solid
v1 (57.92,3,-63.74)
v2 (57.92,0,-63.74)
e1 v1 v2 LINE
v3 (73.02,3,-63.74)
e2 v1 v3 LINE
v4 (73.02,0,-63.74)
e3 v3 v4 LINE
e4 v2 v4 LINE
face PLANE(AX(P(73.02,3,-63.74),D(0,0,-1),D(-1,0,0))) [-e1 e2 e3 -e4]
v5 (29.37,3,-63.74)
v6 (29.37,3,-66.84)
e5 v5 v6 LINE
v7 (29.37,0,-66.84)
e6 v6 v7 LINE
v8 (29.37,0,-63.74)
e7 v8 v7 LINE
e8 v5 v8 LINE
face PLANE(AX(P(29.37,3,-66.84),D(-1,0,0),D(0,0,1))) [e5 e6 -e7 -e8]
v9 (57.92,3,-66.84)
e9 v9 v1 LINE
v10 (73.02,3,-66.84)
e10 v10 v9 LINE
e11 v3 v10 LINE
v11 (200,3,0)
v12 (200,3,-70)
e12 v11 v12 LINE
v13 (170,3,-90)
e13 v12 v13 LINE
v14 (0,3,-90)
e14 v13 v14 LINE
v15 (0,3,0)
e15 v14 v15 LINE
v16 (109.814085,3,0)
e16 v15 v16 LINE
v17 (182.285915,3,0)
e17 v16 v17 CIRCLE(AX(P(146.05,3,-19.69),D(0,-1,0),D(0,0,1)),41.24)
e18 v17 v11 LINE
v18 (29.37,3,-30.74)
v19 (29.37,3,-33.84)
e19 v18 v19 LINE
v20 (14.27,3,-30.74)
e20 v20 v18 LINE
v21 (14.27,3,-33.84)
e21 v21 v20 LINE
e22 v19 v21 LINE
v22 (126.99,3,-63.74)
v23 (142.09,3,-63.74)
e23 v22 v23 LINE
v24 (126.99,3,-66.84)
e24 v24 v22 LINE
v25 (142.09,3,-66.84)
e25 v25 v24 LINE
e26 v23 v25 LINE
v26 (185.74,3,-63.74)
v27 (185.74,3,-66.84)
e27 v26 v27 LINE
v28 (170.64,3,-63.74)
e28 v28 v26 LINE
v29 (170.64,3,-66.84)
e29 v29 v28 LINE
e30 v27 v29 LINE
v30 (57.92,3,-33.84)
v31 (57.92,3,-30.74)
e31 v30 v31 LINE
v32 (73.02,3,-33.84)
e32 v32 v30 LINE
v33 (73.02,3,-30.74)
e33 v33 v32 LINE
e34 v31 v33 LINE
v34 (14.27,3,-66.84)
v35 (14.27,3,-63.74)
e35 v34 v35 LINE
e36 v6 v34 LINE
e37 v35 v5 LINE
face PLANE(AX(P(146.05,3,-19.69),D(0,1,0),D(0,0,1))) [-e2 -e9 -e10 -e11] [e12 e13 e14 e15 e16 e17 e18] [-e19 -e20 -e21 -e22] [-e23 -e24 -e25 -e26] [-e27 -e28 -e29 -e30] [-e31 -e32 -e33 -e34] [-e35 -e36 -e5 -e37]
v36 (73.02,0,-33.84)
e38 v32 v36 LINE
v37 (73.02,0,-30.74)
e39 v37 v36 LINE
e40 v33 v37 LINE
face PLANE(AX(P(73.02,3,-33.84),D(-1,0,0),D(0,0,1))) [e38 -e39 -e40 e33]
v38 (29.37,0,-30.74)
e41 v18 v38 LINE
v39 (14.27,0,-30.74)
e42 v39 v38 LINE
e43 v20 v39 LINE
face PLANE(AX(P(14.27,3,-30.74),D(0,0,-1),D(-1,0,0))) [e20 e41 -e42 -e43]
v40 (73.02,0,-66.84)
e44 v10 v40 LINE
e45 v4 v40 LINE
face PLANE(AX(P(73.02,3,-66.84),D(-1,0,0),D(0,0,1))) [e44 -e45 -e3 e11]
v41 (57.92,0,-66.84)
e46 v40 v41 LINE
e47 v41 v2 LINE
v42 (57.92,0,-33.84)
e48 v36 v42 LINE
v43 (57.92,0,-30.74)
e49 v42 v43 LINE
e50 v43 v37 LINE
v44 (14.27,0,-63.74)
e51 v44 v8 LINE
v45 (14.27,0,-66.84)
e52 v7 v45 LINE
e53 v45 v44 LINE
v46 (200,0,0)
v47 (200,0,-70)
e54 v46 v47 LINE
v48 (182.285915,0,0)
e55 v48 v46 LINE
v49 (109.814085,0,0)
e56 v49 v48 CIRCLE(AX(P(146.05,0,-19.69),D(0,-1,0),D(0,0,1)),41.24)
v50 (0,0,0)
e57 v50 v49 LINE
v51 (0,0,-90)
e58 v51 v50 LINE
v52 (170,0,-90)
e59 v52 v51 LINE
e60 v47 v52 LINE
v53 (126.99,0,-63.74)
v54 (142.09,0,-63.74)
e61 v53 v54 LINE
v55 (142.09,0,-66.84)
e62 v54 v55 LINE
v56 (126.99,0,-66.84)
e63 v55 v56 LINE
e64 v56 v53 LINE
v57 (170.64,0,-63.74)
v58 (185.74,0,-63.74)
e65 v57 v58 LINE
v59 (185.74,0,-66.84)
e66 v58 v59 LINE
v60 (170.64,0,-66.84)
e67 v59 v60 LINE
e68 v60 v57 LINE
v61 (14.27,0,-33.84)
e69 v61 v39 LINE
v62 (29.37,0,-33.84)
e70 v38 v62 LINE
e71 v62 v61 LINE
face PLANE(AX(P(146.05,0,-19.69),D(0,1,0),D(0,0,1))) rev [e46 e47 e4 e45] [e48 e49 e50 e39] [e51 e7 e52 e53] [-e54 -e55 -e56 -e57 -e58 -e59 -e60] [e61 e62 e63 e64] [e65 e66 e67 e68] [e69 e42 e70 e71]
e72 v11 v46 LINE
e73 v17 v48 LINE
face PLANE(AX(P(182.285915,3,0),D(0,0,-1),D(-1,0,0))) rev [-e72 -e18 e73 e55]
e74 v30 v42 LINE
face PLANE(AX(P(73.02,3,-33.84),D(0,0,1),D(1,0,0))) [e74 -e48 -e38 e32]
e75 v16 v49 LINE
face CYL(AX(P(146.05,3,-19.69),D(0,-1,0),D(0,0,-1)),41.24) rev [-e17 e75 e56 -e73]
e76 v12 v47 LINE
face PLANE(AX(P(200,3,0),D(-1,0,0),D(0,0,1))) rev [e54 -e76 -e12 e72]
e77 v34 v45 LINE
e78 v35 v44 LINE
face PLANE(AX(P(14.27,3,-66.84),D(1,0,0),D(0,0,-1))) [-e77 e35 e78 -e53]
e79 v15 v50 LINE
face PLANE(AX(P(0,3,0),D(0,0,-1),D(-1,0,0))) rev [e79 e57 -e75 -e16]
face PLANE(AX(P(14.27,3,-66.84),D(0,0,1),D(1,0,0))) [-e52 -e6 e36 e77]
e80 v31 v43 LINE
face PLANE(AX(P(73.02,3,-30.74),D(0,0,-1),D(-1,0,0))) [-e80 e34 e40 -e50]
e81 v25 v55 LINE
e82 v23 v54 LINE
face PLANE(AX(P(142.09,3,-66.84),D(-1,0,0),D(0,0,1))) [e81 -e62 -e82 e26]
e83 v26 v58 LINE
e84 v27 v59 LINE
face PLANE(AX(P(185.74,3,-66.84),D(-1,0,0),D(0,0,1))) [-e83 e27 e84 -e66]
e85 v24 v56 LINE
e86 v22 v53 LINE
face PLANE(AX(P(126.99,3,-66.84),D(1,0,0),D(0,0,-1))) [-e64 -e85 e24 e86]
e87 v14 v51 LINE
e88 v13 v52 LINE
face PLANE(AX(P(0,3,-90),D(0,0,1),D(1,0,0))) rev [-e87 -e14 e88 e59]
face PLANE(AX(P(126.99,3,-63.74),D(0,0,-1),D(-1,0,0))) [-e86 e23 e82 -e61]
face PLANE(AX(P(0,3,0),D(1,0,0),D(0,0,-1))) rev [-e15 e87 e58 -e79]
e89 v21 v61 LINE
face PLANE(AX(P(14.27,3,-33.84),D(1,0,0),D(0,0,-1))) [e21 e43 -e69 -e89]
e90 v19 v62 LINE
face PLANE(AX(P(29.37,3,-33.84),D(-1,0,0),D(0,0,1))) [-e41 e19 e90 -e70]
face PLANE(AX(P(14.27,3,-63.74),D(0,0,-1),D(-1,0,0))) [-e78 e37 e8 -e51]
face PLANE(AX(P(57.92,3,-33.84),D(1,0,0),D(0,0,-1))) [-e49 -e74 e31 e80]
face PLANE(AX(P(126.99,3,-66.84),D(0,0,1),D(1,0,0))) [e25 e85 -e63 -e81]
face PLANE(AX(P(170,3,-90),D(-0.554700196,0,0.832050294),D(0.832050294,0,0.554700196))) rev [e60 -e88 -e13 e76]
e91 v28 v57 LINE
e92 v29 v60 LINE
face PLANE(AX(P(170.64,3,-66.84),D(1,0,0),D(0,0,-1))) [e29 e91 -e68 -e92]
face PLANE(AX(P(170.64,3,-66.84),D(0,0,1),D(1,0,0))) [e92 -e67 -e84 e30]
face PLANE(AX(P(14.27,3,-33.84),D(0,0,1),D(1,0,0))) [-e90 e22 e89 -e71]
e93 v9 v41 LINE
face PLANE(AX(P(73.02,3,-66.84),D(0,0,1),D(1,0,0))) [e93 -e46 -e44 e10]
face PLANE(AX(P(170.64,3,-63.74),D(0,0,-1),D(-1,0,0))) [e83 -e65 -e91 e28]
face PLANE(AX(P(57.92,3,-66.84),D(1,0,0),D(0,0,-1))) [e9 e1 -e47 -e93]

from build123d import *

# Parameters (mm, degrees)
SKETCH2_W           = 15.1
SKETCH2_H           = 3.1
BOSS_EXTRUDE2_DEPTH = 3


with BuildPart() as part:
    # Sketch2 → Boss-Extrude2 (new body)
    with BuildSketch(Plane(origin=(0, 0, 0), x_dir=(1, 0, 0), z_dir=(0, 1, 0))):
        with BuildLine():
            Line((0, 0), (109.814085495, 0))
            ThreePointArc((109.814085495, 0), (146.05, 60.93), (182.285914505, 0))
            Line((182.285914505, 0), (200, 0))
            Line((200, 0), (200, 70))
            Line((200, 70), (170, 90))
            Line((170, 90), (0, 90))
            Line((0, 90), (0, 0))
        make_face()
        with Locations((21.82, 32.29)):
            Rectangle(SKETCH2_W, SKETCH2_H, mode=Mode.SUBTRACT)
        with Locations((65.47, 32.29)):
            Rectangle(SKETCH2_W, SKETCH2_H, mode=Mode.SUBTRACT)
        with Locations((21.82, 65.29)):
            Rectangle(SKETCH2_W, SKETCH2_H, mode=Mode.SUBTRACT)
        with Locations((65.47, 65.29)):
            Rectangle(SKETCH2_W, SKETCH2_H, mode=Mode.SUBTRACT)
        with Locations((134.54, 65.29)):
            Rectangle(SKETCH2_W, SKETCH2_H, mode=Mode.SUBTRACT)
        with Locations((178.19, 65.29)):
            Rectangle(SKETCH2_W, SKETCH2_H, mode=Mode.SUBTRACT)
    extrude(amount=BOSS_EXTRUDE2_DEPTH)


solid = part.part
